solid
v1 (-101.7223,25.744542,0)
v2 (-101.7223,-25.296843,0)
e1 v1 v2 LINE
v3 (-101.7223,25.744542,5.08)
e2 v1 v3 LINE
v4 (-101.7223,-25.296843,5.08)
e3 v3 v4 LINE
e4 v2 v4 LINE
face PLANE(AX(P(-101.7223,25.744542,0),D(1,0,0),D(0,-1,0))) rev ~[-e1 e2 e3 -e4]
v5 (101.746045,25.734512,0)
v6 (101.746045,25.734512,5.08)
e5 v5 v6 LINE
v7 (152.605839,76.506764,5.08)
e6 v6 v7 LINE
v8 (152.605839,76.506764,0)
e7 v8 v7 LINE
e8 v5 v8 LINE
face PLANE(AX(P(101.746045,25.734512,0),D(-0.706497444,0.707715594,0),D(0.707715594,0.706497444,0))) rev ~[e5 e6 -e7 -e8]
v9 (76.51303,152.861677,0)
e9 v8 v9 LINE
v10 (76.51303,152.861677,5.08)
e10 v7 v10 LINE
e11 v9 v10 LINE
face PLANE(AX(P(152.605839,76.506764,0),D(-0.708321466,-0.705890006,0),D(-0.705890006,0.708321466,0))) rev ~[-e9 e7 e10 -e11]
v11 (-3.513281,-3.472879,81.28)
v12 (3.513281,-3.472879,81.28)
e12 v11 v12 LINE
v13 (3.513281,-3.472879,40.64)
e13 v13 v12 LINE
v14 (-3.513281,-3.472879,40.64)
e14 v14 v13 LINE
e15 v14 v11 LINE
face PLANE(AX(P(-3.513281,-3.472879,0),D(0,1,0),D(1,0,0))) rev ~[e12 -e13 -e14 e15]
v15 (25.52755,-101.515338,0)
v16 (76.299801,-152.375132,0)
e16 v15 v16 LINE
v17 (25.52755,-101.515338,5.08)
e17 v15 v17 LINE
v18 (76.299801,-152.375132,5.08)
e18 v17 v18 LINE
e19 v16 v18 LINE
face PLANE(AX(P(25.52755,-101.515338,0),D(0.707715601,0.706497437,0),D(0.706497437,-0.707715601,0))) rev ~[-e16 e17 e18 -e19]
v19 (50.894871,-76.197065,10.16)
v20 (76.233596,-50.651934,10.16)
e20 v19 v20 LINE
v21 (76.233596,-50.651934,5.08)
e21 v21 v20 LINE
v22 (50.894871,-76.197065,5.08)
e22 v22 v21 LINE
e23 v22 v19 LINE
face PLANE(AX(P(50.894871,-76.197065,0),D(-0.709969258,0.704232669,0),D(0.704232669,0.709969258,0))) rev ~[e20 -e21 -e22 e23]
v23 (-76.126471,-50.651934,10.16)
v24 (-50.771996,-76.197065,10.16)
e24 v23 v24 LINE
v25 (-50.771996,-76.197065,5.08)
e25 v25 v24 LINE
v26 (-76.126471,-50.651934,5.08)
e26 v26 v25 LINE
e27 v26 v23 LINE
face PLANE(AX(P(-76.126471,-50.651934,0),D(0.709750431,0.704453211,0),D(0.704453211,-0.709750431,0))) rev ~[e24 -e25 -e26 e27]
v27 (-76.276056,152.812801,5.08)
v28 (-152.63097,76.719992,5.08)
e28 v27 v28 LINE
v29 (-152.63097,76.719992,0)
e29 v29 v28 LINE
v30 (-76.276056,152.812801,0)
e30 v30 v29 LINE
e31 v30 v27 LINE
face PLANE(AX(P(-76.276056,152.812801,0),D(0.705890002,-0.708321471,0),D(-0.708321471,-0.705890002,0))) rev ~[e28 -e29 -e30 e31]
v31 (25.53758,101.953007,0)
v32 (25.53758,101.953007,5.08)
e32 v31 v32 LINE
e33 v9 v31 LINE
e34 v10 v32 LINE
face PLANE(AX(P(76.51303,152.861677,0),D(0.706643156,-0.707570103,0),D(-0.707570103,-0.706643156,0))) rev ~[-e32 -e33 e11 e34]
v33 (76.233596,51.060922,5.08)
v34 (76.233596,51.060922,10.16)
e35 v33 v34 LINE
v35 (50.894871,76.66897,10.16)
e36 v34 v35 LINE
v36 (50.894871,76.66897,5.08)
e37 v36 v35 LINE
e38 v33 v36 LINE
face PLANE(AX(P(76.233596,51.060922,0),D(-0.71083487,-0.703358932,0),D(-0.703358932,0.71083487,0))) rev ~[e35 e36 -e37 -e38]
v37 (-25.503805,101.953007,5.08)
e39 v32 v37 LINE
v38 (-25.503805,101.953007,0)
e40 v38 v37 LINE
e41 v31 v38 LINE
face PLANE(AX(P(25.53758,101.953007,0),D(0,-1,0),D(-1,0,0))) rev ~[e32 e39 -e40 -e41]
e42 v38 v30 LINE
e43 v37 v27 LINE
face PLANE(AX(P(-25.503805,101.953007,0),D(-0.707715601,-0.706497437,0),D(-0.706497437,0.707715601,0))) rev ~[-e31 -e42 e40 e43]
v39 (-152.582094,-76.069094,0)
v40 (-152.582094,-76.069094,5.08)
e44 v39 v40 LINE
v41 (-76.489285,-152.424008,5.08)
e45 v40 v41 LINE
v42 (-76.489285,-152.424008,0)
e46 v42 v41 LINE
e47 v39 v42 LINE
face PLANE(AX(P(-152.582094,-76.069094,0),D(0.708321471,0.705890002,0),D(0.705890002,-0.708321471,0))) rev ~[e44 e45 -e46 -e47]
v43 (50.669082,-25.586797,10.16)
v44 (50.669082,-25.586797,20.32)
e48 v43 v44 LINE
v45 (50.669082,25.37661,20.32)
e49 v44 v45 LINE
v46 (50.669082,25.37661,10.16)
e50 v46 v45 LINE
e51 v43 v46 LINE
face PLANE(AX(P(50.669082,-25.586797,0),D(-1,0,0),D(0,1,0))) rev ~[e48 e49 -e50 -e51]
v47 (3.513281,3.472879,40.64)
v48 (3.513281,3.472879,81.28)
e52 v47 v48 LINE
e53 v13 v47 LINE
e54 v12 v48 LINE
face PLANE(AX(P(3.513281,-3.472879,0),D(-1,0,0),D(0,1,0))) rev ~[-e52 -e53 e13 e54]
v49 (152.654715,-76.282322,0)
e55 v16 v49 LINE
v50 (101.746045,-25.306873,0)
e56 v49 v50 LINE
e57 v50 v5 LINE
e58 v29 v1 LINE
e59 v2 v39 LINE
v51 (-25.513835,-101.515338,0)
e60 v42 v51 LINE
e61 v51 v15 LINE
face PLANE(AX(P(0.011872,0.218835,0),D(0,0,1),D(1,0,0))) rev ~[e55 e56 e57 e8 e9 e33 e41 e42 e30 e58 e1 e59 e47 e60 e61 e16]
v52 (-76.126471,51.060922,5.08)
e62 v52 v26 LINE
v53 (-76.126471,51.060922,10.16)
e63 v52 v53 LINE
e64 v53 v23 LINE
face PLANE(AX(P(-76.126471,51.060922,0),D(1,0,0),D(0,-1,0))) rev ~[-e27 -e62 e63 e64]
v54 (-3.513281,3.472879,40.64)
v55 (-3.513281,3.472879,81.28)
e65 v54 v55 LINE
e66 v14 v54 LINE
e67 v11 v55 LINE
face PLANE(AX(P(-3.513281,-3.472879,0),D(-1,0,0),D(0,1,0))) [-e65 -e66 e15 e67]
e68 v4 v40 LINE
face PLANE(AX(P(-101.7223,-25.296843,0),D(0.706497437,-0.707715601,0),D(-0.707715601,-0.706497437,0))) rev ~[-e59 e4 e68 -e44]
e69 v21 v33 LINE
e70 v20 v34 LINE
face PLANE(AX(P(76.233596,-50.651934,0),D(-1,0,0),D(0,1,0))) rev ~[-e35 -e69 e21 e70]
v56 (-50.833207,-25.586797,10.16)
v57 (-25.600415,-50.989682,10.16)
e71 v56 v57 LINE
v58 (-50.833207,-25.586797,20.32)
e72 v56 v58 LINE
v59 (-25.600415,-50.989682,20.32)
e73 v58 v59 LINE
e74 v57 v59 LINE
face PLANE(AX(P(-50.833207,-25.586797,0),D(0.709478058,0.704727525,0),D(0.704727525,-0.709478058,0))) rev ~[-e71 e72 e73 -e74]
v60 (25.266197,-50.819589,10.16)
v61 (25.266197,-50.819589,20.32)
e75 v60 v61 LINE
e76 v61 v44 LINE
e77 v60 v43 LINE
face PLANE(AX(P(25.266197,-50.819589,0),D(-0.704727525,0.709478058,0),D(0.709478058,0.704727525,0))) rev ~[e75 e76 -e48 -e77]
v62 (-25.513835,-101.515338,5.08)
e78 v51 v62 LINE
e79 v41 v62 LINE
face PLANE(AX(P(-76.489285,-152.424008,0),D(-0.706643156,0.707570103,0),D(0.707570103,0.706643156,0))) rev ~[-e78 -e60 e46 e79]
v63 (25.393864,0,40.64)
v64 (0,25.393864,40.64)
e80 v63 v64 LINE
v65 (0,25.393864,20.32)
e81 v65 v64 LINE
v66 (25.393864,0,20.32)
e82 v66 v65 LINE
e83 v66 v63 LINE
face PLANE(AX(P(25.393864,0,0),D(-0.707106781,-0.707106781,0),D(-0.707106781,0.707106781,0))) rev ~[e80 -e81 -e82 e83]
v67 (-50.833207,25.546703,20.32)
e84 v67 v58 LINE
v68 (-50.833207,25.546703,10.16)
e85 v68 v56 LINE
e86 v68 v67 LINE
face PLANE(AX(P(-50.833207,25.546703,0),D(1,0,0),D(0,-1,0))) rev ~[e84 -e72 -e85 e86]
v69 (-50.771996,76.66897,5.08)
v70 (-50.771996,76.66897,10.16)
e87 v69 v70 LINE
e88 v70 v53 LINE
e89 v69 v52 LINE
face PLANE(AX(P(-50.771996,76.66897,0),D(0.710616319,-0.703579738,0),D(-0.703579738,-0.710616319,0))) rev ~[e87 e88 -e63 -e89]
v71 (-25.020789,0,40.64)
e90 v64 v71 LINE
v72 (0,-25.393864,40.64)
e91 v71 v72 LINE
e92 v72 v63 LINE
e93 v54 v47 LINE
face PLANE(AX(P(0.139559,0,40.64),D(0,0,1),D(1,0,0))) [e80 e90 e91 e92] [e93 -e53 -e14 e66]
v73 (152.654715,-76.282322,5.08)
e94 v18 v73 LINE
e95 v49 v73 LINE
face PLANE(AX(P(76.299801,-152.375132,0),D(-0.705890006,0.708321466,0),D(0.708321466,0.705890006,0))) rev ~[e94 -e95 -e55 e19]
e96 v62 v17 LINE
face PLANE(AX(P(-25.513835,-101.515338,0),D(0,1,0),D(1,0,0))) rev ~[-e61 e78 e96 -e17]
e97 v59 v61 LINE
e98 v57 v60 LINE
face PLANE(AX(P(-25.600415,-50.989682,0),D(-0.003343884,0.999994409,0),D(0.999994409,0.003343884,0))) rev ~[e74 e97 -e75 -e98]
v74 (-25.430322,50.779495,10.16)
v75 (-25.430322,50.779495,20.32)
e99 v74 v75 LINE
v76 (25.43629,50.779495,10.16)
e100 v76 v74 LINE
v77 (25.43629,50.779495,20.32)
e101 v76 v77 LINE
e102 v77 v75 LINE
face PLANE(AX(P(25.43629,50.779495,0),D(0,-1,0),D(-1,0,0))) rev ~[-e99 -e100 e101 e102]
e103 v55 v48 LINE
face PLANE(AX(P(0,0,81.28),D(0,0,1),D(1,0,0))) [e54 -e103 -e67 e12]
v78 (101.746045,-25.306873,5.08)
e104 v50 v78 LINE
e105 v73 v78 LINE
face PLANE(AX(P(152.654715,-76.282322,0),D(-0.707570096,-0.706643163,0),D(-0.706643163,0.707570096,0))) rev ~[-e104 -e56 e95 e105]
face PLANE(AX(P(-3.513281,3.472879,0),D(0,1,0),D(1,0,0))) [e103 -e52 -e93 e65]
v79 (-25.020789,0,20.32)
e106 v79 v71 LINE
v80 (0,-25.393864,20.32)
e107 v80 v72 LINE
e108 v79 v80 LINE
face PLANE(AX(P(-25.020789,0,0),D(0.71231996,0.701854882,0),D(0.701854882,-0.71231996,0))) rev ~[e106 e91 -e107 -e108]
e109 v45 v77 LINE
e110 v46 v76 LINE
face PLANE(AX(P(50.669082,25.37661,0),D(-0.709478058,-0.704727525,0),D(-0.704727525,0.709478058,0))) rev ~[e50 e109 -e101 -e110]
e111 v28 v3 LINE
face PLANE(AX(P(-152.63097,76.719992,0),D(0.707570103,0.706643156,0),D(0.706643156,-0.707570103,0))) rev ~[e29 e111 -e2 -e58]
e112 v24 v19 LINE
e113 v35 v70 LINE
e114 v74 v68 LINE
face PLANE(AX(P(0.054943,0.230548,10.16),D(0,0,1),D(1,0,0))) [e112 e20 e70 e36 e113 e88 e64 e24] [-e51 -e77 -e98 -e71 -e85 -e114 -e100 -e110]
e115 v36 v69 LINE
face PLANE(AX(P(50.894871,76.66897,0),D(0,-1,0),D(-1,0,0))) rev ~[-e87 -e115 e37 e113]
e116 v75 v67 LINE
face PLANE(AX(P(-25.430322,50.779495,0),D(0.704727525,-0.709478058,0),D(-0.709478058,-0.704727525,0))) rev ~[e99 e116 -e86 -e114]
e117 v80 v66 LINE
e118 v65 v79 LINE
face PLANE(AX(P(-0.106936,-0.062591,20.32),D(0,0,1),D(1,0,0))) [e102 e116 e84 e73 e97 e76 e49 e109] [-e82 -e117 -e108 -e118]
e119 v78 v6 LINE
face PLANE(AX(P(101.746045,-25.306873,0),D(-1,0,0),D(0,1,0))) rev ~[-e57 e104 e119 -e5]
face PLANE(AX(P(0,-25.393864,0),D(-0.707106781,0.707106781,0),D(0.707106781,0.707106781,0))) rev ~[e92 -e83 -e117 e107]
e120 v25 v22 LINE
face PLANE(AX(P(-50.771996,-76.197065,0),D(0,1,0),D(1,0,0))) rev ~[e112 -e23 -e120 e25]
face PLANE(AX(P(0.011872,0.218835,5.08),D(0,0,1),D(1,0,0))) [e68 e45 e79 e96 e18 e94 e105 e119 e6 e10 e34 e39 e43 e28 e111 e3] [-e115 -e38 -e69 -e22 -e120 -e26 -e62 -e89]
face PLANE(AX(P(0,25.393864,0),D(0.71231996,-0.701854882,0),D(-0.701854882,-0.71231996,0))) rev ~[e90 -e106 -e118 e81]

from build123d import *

# Parameters (mm, degrees)
F0_W     = 7.026562
F0_H     = 6.945758
F1_DEPTH = 81.28
F3_DEPTH = 40.64
F5_DEPTH = 20.32
F7_DEPTH = 10.16
F9_DEPTH = 5.08


with BuildPart() as f1:
    # F0 (on Top) → F1 (new body)
    with BuildSketch(Plane.XY):
        Rectangle(F0_W, F0_H)
    extrude(amount=F1_DEPTH)

    # F2 (on Top) → F3 (join)
    with BuildSketch(Plane.XY):
        Polygon((0, 25.393864), (-25.020789, 0), (0, -25.393864), (25.393864, 0), align=None)
    extrude(amount=F3_DEPTH)

    # F4 (on Top) → F5 (join)
    with BuildSketch(Plane.XY):
        Polygon((25.43629, 50.779495), (0, 50.779495), (-25.430322, 50.779495), (-50.833207, 25.546703), (-50.833207, 0), (-50.833207, -25.586797), (-25.600415, -50.989682), (25.266197, -50.819589), (50.669082, -25.586797), (50.669082, 25.37661), align=None)
    extrude(amount=F5_DEPTH)

    # F6 (on Top) → F7 (join)
    with BuildSketch(Plane.XY):
        Polygon((76.233596, -50.651934), (76.233596, 51.060922), (50.894871, 76.66897), (0, 76.66897), (-50.771996, 76.66897), (-76.126471, 51.060922), (-76.126471, -50.651934), (-50.771996, -76.197065), (0, -76.197065), (50.894871, -76.197065), align=None)
    extrude(amount=F7_DEPTH)

    # F8 (on Top) → F9 (join)
    with BuildSketch(Plane.XY):
        Polygon((-25.513835, -101.515338), (0, -101.515338), (25.52755, -101.515338), (76.299801, -152.375132), (152.654715, -76.282322), (101.746045, -25.306873), (101.746045, 25.734512), (152.605839, 76.506764), (76.51303, 152.861677), (25.53758, 101.953007), (-25.503805, 101.953007), (-76.276056, 152.812801), (-152.63097, 76.719992), (-101.7223, 25.744542), (-101.7223, -25.296843), (-152.582094, -76.069094), (-76.489285, -152.424008), align=None)
    extrude(amount=F9_DEPTH)


solid = f1.part
